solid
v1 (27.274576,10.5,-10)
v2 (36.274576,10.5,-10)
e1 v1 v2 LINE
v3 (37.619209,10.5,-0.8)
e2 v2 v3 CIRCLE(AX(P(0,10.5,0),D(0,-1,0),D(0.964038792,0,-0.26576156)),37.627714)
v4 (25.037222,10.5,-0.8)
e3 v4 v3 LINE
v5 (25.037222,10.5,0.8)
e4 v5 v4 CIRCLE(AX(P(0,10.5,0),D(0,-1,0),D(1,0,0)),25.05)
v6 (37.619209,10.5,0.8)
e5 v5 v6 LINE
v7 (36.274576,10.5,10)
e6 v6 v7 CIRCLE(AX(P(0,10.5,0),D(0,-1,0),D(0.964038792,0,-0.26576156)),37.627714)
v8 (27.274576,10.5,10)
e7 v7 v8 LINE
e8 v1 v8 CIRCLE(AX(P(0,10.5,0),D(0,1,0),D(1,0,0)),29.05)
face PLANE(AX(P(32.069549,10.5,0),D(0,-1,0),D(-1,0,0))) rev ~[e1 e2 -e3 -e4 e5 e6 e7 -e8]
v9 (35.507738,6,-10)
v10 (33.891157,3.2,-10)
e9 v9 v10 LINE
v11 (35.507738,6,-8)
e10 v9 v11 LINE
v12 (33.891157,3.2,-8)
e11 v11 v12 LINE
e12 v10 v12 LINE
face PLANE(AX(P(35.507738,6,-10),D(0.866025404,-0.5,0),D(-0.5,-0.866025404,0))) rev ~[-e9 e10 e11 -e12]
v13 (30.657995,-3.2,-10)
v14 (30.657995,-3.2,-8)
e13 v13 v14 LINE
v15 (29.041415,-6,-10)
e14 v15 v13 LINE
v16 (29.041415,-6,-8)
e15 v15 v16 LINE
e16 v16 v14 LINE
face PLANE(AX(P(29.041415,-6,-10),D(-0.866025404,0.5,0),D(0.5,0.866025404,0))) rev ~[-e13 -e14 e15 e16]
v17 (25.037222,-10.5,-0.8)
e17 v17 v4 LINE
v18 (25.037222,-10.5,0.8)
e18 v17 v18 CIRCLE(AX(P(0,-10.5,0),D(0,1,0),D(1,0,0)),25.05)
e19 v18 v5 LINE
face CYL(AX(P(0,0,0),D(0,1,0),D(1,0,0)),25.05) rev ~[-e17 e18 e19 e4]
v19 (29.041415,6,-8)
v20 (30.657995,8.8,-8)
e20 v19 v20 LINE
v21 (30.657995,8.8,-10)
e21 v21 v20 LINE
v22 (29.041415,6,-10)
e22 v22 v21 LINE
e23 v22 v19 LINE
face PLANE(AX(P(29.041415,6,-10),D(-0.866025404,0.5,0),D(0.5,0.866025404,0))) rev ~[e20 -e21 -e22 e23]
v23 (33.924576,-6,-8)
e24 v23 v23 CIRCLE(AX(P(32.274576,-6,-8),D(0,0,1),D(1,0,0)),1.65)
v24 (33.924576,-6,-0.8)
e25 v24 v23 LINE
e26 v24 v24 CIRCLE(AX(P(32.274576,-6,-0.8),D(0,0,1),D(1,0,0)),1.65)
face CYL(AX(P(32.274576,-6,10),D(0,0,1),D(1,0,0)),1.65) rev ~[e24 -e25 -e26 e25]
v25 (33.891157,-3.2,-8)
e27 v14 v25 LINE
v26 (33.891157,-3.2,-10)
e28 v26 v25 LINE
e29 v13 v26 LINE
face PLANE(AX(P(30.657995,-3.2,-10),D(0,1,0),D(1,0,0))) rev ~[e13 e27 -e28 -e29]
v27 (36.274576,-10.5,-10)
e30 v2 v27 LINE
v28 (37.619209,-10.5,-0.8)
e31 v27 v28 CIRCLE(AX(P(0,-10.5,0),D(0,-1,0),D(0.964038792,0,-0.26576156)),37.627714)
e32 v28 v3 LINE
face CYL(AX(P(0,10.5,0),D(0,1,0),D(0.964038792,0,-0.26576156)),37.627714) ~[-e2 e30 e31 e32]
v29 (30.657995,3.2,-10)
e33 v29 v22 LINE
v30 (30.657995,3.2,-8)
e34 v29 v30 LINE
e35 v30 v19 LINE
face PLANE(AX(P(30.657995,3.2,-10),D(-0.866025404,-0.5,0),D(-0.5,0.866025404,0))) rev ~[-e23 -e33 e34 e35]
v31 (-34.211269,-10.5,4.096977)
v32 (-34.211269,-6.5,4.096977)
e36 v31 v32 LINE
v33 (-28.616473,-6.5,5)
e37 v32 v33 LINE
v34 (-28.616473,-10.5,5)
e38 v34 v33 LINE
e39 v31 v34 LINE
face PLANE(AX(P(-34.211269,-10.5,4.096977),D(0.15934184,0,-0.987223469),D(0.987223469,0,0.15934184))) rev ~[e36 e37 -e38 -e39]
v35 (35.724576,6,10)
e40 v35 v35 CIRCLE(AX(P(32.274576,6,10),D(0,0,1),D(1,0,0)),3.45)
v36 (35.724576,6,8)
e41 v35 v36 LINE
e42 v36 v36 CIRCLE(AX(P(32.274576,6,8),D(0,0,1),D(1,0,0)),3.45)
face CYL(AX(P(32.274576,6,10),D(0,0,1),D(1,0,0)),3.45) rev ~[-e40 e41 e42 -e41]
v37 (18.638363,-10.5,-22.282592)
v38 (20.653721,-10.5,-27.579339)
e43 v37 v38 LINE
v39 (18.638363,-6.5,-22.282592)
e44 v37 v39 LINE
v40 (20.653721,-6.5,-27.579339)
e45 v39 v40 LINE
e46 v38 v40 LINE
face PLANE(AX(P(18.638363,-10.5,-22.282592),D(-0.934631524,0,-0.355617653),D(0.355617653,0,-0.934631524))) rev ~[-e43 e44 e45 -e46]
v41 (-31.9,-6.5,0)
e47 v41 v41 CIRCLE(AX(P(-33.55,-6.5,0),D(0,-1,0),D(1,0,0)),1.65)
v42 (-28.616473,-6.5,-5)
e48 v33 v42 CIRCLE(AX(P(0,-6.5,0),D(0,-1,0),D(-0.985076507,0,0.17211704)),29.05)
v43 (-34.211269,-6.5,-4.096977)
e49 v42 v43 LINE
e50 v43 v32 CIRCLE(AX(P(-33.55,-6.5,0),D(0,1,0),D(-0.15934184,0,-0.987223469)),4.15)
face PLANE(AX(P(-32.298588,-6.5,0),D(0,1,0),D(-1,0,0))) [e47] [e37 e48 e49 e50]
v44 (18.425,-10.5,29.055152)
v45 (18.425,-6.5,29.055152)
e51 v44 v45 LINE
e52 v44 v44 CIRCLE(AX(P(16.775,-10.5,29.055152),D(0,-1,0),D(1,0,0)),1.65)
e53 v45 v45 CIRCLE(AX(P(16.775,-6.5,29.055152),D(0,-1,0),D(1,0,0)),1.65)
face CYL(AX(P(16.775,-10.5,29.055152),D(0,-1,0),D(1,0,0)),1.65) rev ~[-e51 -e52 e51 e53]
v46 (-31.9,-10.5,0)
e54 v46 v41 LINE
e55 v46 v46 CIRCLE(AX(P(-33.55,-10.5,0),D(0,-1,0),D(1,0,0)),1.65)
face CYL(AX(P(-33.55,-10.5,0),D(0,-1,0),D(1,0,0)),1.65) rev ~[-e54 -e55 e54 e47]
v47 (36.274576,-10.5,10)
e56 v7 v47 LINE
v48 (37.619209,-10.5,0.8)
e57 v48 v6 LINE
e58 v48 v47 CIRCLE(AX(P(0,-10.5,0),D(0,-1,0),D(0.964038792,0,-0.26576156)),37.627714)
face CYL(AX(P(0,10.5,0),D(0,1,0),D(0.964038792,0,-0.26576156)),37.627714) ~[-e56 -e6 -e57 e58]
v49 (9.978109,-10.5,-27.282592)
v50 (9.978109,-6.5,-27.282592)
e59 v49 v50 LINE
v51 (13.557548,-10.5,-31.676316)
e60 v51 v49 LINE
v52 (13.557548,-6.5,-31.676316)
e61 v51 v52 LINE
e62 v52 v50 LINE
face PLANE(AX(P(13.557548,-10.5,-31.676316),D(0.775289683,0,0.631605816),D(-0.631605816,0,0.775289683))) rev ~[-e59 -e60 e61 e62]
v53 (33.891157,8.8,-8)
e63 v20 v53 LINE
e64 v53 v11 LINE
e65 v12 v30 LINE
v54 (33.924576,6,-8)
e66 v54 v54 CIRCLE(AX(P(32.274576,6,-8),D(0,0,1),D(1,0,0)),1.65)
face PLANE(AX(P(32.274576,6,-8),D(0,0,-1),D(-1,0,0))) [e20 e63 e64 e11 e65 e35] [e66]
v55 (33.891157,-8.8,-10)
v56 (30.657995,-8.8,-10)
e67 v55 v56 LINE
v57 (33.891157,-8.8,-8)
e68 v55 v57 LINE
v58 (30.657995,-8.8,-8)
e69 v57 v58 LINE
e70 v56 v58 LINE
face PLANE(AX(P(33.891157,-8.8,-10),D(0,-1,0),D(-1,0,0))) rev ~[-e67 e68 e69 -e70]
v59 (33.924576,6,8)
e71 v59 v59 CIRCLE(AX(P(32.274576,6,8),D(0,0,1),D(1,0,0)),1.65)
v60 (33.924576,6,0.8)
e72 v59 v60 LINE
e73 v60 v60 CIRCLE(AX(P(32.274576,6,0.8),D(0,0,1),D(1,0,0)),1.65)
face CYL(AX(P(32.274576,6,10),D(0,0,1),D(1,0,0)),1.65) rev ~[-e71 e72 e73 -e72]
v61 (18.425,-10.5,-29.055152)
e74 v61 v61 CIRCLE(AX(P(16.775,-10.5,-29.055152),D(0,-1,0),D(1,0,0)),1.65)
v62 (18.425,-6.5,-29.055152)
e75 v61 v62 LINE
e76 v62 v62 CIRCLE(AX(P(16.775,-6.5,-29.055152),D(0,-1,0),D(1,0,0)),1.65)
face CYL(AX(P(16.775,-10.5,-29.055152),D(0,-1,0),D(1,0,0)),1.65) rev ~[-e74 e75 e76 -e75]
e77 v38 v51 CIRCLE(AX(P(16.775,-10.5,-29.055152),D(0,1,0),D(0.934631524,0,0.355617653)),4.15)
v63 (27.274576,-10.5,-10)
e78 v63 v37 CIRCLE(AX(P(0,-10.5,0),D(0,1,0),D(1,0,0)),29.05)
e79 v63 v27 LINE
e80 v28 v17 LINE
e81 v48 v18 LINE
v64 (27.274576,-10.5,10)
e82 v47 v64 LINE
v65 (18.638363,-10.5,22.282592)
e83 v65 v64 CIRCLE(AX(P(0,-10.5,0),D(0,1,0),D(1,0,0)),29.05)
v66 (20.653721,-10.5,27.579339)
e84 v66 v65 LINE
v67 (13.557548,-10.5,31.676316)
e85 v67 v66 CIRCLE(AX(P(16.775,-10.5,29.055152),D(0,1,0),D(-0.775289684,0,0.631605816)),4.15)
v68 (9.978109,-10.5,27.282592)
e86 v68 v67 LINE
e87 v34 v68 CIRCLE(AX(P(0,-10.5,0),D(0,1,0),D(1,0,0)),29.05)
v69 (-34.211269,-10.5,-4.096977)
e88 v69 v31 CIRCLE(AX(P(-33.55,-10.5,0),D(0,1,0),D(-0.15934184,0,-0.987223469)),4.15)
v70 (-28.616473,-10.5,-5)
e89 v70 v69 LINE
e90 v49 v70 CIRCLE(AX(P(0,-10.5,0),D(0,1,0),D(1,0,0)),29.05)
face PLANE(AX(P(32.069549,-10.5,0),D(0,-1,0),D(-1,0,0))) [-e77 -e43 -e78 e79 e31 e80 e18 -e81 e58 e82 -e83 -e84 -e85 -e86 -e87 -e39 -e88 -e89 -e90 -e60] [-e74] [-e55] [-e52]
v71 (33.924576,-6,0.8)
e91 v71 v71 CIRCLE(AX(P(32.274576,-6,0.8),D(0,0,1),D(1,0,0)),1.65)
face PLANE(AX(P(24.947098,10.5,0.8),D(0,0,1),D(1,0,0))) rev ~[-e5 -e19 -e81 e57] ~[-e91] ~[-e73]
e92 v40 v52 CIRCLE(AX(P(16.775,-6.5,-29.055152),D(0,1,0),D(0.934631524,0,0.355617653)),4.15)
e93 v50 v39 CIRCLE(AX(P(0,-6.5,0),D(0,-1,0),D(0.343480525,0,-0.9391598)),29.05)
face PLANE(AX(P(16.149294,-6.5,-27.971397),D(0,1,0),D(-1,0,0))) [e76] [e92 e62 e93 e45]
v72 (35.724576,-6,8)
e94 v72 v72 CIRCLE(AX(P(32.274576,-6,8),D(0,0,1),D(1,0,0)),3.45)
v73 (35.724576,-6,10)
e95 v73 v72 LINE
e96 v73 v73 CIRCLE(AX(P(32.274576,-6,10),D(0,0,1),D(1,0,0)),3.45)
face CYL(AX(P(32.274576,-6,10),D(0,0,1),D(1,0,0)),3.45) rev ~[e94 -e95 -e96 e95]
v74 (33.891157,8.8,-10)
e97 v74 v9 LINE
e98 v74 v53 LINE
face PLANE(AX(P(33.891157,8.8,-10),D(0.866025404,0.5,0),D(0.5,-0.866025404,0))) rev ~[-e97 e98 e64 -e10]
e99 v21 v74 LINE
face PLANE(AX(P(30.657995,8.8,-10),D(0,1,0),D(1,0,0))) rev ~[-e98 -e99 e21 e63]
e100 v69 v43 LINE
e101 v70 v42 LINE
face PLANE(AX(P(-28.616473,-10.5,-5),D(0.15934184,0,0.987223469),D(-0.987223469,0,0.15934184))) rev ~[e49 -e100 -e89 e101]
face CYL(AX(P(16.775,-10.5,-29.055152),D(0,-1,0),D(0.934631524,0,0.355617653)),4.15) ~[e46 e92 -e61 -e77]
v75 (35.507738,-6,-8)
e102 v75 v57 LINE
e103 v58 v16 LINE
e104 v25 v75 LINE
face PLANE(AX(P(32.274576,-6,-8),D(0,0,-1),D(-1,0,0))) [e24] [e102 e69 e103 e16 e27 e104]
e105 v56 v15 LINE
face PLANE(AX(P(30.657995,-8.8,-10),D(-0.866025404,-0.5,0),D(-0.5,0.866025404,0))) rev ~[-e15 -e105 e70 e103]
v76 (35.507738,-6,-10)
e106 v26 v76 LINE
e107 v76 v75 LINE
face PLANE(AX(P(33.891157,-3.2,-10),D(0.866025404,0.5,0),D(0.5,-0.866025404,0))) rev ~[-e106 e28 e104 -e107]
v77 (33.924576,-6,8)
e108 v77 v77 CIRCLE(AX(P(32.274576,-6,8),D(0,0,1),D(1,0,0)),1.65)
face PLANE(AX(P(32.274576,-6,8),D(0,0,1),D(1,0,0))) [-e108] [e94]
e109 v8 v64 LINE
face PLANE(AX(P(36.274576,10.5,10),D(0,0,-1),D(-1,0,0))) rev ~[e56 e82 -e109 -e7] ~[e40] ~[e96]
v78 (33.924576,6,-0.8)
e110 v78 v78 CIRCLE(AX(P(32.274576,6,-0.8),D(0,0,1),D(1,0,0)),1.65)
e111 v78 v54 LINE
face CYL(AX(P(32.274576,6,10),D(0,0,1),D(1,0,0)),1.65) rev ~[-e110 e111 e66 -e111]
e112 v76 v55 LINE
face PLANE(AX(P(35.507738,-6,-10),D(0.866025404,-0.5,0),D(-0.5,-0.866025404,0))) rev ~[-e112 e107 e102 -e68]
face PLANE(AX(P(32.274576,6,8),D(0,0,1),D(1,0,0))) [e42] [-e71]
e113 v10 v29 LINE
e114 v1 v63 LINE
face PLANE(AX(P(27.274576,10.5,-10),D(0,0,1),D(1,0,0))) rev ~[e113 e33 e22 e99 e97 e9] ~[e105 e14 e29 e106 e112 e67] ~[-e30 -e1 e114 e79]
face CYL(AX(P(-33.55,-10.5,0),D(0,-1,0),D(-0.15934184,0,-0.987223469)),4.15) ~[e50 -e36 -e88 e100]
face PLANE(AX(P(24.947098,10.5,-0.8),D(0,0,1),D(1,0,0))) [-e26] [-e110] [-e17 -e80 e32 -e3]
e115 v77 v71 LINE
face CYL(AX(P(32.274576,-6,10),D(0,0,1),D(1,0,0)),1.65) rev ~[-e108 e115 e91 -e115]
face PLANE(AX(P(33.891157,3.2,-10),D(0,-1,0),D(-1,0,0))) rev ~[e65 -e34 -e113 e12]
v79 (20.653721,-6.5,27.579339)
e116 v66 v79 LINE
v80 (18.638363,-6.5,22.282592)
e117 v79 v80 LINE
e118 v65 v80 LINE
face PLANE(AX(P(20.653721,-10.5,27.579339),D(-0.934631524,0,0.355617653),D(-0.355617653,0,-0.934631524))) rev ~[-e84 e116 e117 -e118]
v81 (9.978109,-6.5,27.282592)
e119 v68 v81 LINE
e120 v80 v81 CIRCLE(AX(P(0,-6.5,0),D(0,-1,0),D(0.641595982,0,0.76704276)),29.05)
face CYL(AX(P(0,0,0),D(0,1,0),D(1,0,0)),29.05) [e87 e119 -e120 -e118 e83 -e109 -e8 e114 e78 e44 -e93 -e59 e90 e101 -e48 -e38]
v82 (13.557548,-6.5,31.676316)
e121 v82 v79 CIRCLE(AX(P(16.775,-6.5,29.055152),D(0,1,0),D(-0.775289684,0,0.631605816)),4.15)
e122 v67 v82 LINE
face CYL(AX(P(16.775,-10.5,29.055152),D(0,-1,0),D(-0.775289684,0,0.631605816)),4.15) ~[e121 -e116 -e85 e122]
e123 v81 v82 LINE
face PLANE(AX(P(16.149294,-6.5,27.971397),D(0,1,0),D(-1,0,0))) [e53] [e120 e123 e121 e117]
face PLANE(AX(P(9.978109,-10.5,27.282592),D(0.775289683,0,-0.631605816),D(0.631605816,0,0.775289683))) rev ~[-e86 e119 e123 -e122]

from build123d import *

# Parameters (mm, degrees)
SKETCH_1_W               = 4
SKETCH_1_H               = 21
EXTRUDE_2_DEPTH          = 21
SKETCH_2_W               = 12.68061601
SKETCH_2_H               = 1.6
CUT_EXTRUDE_1_DEPTH      = 1
CUT_EXTRUDE_1_DEPTH_BACK = 22
SKETCH_4_R               = 1.65
CUT_EXTRUDE_2_DEPTH      = 40.05
CUT_EXTRUDE_3_DEPTH      = 2
SKETCH_6_R               = 3.45
SKETCH_6_R_2             = 1.65
CUT_EXTRUDE_4_DEPTH      = 2
SKETCH_7_R               = 1.65
EXTRUDE_3_DEPTH          = 4


with BuildPart() as part:
    # 草图1 → 旋转1 (revolve)
    with BuildSketch(Plane.XY):
        with Locations((27.05, 0)):
            Rectangle(SKETCH_1_W, SKETCH_1_H)
    revolve(axis=Axis((0, 0, 0), (0, 1, 0)))

    # 草图3 → 凸台-拉伸2 (add, through all)
    with BuildSketch(Plane(origin=(0, 10.5, 0), x_dir=(1, 0, 0), z_dir=(0, 1, 0))):
        with BuildLine():
            Line((27.274576074, 10), (36.274576074, 10))
            ThreePointArc((36.274576074, 10), (37.627714112, 0), (36.274576074, -10))
            Line((36.274576074, -10), (27.274576074, -10))
            Line((27.274576074, -10), (27.274576074, 10))
        make_face()
    extrude(amount=-EXTRUDE_2_DEPTH)

    # 草图2 → 切除-拉伸1 (cut, two sides)
    with BuildSketch(Plane(origin=(0, 10.5, 0), x_dir=(1, 0, 0), z_dir=(0, 1, 0))) as cut_extrude_1_sk:
        with Locations((31.287406107, 0)):
            Rectangle(SKETCH_2_W, SKETCH_2_H)
    extrude(amount=CUT_EXTRUDE_1_DEPTH, mode=Mode.SUBTRACT)
    extrude(cut_extrude_1_sk.sketch, amount=-CUT_EXTRUDE_1_DEPTH_BACK, mode=Mode.SUBTRACT)

    # 草图4 → 切除-拉伸2 (cut, through all)
    with BuildSketch(Plane.XY.offset(10)):
        with Locations((32.274576074, 6)):
            Circle(SKETCH_4_R)
        with Locations((32.274576074, -6)):
            Circle(SKETCH_4_R)
    extrude(amount=-CUT_EXTRUDE_2_DEPTH, mode=Mode.SUBTRACT)

    # 草图5 → 切除-拉伸3 (cut)
    with BuildSketch(Plane(origin=(0, 0, -10), x_dir=(-1, 0, 0), z_dir=(0, 0, -1))):
        Polygon((-30.65799532, 8.8), (-33.891156827, 8.8), (-35.507737581, 6), (-33.891156827, 3.2), (-30.65799532, 3.2), (-29.041414566, 6), align=None)
        Polygon((-30.65799532, -3.2), (-33.891156827, -3.2), (-35.507737581, -6), (-33.891156827, -8.8), (-30.65799532, -8.8), (-29.041414566, -6), align=None)
    extrude(amount=-CUT_EXTRUDE_3_DEPTH, mode=Mode.SUBTRACT)

    # 草图6 → 切除-拉伸4 (cut)
    with BuildSketch(Plane.XY.offset(10)):
        with Locations((32.274576074, -6)):
            Circle(SKETCH_6_R)
        with Locations((32.274576074, -6)):
            Circle(SKETCH_6_R_2, mode=Mode.SUBTRACT)
        with Locations((32.274576074, 6)):
            Circle(SKETCH_6_R)
        with Locations((32.274576074, 6)):
            Circle(SKETCH_6_R_2, mode=Mode.SUBTRACT)
    extrude(amount=-CUT_EXTRUDE_4_DEPTH, mode=Mode.SUBTRACT)

    # 草图7 → 凸台-拉伸3 (add)
    with BuildSketch(Plane.XZ.offset(10.5)):
        with BuildLine():
            Line((-34.211268637, 4.096977397), (-28.616472529, 5))
            ThreePointArc((-28.616472529, 5), (-29.05, 0), (-28.616472529, -5))
            Line((-28.616472529, -5), (-34.211268637, -4.096977397))
            ThreePointArc((-34.211268637, -4.096977397), (-37.7, 0), (-34.211268637, 4.096977397))
        make_face()
        with Locations((-33.55, 0)):
            Circle(SKETCH_7_R, mode=Mode.SUBTRACT)
        with BuildLine():
            Line((20.653720823, 27.579339037), (18.638363283, 22.282592177))
            ThreePointArc((18.638363283, 22.282592177), (14.525, 25.15803798), (9.978109246, 27.282592177))
            Line((9.978109246, 27.282592177), (13.557547814, 31.676316433))
            ThreePointArc((13.557547814, 31.676316433), (18.85, 32.649157723), (20.653720823, 27.579339037))
        make_face()
        with Locations((16.775, 29.055152297)):
            Circle(SKETCH_7_R, mode=Mode.SUBTRACT)
        with BuildLine():
            Line((13.557547814, -31.676316433), (9.978109246, -27.282592177))
            ThreePointArc((9.978109246, -27.282592177), (14.525, -25.15803798), (18.638363283, -22.282592177))
            Line((18.638363283, -22.282592177), (20.653720823, -27.579339037))
            ThreePointArc((20.653720823, -27.579339037), (18.85, -32.649157723), (13.557547814, -31.676316433))
        make_face()
        with Locations((16.775, -29.055152297)):
            Circle(SKETCH_7_R, mode=Mode.SUBTRACT)
    extrude(amount=-EXTRUDE_3_DEPTH)


solid = part.part
